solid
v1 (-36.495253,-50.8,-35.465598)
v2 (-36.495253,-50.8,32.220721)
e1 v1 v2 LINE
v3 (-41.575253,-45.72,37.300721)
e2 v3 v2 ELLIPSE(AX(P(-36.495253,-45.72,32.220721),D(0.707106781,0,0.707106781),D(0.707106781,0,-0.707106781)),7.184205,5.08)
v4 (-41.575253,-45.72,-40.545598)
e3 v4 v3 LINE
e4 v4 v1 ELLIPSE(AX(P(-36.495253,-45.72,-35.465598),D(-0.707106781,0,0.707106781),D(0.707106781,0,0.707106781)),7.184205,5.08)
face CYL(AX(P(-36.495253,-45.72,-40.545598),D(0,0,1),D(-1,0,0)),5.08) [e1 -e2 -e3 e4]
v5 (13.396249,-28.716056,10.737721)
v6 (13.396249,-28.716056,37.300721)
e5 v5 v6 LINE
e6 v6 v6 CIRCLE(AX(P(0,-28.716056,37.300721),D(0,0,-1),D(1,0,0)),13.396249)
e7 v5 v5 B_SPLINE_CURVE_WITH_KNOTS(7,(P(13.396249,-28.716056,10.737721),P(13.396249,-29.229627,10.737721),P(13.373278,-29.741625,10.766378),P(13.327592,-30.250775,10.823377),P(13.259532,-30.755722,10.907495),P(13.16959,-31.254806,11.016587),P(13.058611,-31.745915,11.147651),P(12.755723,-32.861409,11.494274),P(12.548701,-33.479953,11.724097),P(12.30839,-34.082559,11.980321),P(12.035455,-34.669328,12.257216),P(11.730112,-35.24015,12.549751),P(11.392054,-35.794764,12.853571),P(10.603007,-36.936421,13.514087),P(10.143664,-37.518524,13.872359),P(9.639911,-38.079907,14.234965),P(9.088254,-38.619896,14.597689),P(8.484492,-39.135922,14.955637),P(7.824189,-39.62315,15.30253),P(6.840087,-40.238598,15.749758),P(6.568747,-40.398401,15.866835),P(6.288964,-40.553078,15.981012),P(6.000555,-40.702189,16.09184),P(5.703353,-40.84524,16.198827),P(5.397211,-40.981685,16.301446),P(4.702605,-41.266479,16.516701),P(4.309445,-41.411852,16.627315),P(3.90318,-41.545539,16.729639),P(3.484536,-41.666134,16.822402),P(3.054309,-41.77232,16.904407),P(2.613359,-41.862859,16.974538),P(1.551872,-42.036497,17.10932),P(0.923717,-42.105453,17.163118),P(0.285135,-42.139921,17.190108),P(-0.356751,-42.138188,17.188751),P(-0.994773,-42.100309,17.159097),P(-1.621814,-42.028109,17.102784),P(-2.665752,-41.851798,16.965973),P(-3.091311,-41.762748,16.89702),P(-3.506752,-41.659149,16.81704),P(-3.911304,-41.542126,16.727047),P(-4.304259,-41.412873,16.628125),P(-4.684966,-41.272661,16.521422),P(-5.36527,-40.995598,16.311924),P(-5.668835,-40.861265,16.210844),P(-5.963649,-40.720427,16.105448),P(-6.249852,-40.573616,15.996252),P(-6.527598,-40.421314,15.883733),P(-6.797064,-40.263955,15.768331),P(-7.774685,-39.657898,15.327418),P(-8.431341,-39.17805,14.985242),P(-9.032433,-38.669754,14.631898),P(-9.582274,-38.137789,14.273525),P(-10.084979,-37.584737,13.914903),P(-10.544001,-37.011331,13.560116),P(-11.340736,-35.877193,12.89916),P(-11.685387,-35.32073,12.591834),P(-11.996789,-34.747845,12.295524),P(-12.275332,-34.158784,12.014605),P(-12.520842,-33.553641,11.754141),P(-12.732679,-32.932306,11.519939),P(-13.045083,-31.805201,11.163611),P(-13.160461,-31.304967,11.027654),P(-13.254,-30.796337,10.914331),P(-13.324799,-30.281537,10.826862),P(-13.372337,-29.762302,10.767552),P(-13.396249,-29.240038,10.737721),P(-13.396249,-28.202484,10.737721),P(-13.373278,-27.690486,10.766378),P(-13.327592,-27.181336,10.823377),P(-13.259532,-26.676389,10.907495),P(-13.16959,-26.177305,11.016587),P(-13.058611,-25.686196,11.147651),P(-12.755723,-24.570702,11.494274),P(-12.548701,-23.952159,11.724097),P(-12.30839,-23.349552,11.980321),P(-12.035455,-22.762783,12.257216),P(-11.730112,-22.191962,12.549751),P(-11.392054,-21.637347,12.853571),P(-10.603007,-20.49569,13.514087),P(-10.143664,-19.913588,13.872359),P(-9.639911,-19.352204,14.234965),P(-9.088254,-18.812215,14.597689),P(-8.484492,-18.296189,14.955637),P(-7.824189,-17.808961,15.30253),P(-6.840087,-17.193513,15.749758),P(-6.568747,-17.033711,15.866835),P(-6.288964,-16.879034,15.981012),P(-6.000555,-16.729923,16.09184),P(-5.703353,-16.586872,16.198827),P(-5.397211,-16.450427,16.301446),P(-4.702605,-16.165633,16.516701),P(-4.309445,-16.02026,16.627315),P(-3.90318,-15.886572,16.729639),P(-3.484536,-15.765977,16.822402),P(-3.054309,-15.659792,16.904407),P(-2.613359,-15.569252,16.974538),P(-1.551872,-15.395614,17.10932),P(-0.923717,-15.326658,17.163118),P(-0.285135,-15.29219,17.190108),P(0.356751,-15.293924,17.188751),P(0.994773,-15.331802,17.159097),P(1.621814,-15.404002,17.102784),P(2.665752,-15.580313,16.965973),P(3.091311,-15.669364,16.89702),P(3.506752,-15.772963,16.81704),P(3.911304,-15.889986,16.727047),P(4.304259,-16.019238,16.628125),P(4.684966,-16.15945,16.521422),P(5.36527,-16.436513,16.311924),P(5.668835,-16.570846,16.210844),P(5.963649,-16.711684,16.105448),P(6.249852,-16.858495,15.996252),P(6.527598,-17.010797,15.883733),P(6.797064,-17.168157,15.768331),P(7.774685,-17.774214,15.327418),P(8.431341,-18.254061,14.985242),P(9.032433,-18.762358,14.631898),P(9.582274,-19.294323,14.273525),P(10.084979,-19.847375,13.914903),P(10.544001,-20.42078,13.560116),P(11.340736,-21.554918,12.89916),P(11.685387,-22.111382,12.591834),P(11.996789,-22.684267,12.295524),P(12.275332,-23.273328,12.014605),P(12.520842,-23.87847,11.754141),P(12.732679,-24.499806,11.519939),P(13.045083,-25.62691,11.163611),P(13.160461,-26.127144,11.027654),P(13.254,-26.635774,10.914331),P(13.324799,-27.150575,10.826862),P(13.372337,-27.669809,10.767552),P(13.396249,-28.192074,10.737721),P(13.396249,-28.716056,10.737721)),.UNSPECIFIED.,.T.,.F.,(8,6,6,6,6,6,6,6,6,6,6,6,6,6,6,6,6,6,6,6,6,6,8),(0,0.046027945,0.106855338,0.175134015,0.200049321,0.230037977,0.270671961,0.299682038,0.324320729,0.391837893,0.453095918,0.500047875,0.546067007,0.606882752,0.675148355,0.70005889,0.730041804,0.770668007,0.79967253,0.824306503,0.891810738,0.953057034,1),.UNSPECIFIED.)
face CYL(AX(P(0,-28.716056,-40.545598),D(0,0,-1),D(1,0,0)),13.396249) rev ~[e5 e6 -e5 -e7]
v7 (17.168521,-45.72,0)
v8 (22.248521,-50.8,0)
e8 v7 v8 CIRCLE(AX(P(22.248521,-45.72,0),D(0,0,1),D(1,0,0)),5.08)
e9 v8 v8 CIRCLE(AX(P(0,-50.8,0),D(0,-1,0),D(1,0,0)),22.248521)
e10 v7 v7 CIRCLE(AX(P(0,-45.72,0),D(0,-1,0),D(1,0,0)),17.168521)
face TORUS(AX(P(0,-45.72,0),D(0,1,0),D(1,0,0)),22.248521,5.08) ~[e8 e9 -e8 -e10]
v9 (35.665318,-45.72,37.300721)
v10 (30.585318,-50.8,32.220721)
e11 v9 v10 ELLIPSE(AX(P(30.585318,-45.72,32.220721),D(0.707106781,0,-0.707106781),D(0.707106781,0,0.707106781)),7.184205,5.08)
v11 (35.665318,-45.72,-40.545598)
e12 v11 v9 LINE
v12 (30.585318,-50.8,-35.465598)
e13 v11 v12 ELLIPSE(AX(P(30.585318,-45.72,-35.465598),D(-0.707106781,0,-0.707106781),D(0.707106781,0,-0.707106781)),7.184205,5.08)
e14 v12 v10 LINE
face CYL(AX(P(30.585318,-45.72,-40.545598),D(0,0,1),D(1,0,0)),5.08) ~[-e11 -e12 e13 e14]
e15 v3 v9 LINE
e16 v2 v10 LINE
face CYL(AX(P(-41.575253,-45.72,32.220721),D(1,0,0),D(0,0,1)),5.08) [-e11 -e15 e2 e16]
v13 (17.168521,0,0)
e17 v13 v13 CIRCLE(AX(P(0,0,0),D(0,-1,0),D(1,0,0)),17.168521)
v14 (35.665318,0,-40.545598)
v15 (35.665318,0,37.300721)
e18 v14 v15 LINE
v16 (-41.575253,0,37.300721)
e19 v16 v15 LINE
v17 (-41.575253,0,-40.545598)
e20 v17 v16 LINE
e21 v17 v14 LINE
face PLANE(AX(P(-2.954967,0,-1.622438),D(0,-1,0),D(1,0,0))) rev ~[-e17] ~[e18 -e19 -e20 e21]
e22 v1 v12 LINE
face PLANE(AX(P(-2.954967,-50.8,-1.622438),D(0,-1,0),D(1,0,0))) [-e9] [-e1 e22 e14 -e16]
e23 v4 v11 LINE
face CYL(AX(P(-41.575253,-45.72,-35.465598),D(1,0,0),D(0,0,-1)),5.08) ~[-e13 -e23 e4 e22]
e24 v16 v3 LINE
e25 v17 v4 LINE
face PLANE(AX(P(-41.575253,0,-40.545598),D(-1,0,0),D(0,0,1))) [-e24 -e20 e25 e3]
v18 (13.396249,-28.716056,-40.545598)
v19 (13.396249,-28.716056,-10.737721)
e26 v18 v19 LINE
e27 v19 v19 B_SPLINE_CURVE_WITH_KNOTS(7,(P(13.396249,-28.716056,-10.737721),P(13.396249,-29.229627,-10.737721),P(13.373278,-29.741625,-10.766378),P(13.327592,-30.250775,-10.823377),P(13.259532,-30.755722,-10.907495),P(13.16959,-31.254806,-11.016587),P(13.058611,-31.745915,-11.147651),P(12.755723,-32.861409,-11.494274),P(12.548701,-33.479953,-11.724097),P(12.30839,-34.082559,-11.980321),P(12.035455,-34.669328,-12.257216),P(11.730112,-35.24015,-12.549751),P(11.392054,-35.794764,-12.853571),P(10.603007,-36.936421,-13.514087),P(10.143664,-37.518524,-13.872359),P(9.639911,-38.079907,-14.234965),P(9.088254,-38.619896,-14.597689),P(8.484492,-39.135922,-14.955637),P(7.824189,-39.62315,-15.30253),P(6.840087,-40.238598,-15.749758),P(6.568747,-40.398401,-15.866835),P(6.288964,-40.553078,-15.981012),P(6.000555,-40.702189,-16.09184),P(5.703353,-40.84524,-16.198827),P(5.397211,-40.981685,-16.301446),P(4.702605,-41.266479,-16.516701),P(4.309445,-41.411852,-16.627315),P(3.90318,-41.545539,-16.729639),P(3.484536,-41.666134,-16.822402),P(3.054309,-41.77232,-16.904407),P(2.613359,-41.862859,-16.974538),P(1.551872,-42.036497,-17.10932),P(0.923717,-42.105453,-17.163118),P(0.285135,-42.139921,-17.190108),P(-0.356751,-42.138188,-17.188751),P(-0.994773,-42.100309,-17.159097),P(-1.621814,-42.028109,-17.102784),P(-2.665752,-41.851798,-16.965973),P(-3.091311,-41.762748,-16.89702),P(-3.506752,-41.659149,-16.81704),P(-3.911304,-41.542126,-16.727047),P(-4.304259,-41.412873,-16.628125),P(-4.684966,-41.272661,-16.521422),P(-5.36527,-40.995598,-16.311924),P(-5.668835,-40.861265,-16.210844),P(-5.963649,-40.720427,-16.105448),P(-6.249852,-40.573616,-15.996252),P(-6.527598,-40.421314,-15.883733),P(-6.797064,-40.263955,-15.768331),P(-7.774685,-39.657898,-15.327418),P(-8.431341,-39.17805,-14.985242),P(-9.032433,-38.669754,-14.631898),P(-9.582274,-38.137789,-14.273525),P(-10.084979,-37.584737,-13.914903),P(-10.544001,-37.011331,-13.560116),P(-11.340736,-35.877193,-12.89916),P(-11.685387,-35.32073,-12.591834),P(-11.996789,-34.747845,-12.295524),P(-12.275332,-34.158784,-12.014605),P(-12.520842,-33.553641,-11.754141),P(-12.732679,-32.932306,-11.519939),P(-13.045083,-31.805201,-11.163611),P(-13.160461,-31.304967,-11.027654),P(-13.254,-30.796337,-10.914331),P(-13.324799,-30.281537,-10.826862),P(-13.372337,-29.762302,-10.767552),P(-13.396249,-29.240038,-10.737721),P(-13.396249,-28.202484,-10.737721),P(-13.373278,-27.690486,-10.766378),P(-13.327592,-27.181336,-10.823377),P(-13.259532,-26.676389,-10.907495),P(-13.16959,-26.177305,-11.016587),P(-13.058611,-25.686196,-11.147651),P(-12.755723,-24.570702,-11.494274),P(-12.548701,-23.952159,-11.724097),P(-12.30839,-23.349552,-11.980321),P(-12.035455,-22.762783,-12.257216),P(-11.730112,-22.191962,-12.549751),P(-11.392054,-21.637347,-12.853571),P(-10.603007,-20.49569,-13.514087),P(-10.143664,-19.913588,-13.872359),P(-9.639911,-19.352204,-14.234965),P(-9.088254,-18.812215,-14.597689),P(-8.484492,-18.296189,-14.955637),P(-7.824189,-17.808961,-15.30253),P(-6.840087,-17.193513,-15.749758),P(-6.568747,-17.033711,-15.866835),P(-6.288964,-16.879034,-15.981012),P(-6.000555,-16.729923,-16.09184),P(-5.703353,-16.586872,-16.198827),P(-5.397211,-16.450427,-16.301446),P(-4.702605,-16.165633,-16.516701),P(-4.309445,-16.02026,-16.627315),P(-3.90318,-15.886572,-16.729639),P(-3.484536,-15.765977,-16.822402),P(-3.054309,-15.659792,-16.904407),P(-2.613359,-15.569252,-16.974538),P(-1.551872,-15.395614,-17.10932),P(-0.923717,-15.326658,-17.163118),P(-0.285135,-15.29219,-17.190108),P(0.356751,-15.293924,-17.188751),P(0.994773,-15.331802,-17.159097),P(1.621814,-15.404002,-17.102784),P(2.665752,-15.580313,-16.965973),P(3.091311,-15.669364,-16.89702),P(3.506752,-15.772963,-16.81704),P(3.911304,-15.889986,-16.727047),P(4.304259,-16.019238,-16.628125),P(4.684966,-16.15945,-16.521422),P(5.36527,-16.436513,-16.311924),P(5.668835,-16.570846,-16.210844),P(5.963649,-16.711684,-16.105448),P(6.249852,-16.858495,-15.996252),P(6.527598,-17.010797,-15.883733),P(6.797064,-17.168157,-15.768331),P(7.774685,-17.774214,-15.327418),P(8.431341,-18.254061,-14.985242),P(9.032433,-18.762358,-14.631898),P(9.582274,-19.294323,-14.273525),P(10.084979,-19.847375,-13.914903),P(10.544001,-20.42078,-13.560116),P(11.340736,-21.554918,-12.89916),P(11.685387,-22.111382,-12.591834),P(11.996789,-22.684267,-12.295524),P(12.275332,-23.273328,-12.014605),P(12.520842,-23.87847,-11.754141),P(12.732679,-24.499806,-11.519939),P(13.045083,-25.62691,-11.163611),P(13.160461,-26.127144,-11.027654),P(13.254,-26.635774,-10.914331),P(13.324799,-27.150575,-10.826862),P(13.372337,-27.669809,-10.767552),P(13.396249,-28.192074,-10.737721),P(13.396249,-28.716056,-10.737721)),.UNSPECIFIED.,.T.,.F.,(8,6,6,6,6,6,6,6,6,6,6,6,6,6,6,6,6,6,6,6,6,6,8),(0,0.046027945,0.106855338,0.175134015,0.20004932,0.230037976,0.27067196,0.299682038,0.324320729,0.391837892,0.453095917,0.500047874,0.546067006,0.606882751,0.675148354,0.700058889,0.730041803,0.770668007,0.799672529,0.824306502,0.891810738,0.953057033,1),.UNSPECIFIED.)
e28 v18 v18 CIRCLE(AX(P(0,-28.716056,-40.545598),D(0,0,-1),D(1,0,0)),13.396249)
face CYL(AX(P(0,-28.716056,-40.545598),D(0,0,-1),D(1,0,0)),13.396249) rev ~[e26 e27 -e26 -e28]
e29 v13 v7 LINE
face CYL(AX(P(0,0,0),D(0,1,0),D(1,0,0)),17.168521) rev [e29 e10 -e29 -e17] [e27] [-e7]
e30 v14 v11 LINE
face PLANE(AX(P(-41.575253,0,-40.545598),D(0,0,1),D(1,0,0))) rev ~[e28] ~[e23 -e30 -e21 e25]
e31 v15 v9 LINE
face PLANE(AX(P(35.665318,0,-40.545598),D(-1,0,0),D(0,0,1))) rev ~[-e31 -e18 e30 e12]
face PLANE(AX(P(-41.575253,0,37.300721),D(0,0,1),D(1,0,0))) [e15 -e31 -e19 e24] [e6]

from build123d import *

# Parameters (mm, degrees)
F0_W     = 77.2405713797
F0_H     = 77.8463184834
F0_R     = 17.1685214952
F1_DEPTH = 50.8
F2_R     = 5.08
F3_R     = 13.396248622
F4_DEPTH = 228.6


with BuildPart() as f1:
    # F0 (on Front) → F1 (new body)
    with BuildSketch(Plane.XZ):
        with Locations((-2.95496732, -1.6224384308)):
            Rectangle(F0_W, F0_H)
        Circle(F0_R, mode=Mode.SUBTRACT)
    extrude(amount=F1_DEPTH)

    # F2
    f2_edges = [f1.edges().sort_by_distance(p)[0] for p in [
        (-2.954967, -50.8, -40.545598),
        (35.665318, -50.8, -1.622438),
        (-2.954967, -50.8, 37.300721),
        (-41.575253, -50.8, -1.622438),
        (-17.168521, -50.8, 0),
    ]]
    fillet(f2_edges, radius=F2_R)

    # F3 (on face) → F4 (cut)
    with BuildSketch(Plane(origin=(0, 0, -40.5455976725), x_dir=(1, 0, 0), z_dir=(0, 0, -1))):
        with Locations((0, 28.7160556763)):
            Circle(F3_R)
    extrude(amount=-F4_DEPTH, mode=Mode.SUBTRACT)


solid = f1.part
